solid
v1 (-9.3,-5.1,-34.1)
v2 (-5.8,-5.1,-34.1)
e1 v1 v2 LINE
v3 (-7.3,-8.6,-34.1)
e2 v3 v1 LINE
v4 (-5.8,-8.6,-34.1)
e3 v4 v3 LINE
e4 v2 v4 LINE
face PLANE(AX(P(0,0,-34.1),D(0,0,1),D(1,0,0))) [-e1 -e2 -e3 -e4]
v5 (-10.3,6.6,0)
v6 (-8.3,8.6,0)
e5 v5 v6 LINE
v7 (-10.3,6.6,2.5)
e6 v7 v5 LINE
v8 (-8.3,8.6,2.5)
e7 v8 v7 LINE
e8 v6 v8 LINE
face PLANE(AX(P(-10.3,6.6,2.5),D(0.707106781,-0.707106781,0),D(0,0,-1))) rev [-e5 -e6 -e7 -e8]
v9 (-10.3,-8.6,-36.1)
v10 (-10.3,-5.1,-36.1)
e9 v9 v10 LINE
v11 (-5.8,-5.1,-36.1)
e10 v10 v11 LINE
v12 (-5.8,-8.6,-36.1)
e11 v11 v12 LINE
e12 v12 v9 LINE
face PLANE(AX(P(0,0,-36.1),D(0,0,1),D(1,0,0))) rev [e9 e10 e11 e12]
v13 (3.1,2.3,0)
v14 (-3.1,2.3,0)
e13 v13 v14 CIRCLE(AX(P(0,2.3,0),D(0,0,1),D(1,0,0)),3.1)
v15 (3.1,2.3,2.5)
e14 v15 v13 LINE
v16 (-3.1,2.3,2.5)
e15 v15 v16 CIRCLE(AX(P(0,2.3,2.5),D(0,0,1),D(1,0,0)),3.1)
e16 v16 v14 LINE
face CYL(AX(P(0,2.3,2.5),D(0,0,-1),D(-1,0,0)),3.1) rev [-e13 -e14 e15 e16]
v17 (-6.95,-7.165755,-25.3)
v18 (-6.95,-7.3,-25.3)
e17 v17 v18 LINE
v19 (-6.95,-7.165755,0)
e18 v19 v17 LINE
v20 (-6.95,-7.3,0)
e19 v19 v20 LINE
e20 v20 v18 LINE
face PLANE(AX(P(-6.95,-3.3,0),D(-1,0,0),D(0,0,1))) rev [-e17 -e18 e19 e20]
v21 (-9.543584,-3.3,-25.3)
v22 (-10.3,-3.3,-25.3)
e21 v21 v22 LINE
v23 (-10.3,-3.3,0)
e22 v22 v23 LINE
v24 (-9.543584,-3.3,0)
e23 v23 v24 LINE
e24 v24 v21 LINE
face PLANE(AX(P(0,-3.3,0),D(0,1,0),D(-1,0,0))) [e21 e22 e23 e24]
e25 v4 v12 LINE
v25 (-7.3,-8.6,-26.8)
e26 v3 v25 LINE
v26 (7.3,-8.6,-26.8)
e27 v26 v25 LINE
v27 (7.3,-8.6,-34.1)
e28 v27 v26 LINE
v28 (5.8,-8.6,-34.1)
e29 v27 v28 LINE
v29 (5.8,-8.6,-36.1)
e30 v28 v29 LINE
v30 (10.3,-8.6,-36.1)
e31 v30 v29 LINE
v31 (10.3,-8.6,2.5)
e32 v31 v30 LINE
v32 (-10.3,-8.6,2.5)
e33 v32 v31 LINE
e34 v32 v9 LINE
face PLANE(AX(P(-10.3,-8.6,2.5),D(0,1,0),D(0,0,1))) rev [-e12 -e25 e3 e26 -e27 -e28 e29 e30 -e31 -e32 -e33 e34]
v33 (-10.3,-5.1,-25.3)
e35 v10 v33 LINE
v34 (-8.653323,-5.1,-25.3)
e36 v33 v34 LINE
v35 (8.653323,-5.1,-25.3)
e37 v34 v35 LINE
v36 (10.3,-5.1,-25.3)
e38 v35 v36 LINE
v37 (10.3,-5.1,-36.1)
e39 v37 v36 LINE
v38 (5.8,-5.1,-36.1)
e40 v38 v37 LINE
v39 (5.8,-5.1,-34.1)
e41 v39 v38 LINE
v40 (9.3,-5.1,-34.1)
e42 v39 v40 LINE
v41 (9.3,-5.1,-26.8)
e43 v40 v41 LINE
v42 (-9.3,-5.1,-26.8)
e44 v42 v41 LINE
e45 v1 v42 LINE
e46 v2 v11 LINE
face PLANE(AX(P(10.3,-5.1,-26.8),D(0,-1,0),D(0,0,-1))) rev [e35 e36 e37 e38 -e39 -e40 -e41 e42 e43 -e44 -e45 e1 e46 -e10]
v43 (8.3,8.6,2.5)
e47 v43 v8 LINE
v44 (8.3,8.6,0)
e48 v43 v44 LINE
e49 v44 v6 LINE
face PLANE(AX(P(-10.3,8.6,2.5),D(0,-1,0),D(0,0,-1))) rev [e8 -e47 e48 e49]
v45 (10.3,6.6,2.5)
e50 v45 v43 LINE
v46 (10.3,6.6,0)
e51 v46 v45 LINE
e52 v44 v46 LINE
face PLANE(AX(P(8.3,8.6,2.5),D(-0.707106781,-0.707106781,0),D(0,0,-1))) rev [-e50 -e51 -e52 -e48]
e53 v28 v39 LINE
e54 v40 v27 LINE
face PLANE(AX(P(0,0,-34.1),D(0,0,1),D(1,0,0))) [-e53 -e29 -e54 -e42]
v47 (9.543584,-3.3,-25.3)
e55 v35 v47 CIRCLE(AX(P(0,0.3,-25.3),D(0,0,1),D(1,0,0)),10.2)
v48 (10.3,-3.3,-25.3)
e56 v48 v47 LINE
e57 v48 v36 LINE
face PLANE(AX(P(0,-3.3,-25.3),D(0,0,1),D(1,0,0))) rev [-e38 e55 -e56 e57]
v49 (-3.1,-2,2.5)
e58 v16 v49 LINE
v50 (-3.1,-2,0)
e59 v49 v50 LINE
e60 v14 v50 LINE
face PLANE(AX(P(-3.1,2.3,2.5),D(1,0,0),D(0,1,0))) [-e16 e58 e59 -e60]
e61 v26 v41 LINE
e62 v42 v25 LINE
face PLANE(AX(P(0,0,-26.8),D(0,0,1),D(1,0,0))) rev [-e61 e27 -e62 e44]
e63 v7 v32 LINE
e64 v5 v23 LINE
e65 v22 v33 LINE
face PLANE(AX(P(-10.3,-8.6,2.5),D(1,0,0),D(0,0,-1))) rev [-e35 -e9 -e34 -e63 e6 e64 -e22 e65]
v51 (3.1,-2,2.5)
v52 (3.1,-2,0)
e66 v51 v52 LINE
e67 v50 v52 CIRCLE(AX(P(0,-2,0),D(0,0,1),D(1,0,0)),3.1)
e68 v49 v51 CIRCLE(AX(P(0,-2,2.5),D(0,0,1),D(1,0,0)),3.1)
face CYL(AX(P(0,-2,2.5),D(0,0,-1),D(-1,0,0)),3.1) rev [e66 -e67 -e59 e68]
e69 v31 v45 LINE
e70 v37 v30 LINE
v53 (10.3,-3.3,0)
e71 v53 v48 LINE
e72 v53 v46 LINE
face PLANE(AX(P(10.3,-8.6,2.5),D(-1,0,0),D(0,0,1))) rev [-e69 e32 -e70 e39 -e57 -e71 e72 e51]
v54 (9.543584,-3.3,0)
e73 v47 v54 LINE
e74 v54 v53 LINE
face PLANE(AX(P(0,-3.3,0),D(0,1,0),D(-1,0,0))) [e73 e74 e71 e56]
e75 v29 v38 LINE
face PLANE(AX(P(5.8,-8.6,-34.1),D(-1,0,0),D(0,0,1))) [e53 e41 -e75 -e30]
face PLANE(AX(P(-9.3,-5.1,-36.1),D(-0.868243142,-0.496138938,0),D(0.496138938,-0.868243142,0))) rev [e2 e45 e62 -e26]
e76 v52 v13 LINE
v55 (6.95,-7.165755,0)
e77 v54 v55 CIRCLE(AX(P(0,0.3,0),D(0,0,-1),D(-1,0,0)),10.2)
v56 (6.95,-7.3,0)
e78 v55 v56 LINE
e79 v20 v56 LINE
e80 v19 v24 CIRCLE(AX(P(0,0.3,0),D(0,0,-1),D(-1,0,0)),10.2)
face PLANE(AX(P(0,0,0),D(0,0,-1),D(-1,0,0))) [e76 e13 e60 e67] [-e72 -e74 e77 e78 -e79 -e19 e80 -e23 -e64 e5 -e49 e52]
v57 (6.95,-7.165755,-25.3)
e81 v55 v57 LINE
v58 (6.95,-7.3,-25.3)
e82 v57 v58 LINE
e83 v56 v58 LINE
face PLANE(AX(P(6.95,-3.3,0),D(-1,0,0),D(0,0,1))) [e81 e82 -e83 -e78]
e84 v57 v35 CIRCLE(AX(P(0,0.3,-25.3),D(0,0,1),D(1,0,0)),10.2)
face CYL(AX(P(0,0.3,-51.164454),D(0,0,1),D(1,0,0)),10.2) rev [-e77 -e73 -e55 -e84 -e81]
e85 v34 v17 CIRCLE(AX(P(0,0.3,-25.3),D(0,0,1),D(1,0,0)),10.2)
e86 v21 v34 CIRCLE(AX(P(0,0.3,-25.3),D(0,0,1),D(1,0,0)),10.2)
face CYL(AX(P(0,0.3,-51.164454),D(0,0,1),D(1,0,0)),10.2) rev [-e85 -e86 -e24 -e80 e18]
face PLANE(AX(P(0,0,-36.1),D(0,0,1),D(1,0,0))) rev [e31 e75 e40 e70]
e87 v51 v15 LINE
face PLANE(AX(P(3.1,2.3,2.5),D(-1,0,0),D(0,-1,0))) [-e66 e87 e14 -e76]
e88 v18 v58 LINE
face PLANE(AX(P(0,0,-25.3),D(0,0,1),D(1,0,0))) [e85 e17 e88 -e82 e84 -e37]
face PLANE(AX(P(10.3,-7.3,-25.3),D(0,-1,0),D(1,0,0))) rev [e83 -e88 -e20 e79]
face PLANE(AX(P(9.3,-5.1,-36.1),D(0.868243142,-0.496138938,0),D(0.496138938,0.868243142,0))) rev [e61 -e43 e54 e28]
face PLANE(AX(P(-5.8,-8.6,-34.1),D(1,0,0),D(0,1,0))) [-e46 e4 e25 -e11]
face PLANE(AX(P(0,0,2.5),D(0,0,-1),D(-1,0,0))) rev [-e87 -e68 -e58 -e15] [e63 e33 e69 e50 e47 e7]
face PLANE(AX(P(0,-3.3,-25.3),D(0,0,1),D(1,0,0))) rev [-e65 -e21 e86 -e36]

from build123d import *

# Parameters (mm, degrees)
SKETCH1_W           = 20.6
SKETCH1_H           = 17.2
BOSS_EXTRUDE1_DEPTH = 2.5
SKETCH2_W           = 20.6
SKETCH2_H           = 1.3
BOSS_EXTRUDE2_DEPTH = 25.3
SKETCH3_W           = 20.6
SKETCH3_H           = 3.5
BOSS_EXTRUDE3_DEPTH = 1.5
SKETCH4_W           = 3.35
SKETCH4_H           = 25.3
BOSS_EXTRUDE4_DEPTH = 4
CUT_EXTRUDE2_START  = 25.3
CUT_EXTRUDE2_DEPTH  = 25.3
CHAMFER1_SIZE       = 2
BOSS_EXTRUDE5_DEPTH = 9.3
SKETCH7_W           = 4.5
SKETCH7_H           = 3.5
BOSS_EXTRUDE6_DEPTH = 2


with BuildPart() as part:
    # Sketch1 → Boss-Extrude1 (new body)
    with BuildSketch(Plane.XY):
        Rectangle(SKETCH1_W, SKETCH1_H)
        with BuildLine():
            Line((3.1, 2.3), (3.1, -2))
            ThreePointArc((3.1, -2), (0, -5.1), (-3.1, -2))
            Line((-3.1, -2), (-3.1, 2.3))
            ThreePointArc((-3.1, 2.3), (0, 5.4), (3.1, 2.3))
        make_face(mode=Mode.SUBTRACT)
    extrude(amount=BOSS_EXTRUDE1_DEPTH)

    # Sketch2 → Boss-Extrude2 (add)
    with BuildSketch(Plane(origin=(0, 0, 0), x_dir=(-1, 0, 0), z_dir=(0, 0, -1))):
        with Locations((0, -7.95)):
            Rectangle(SKETCH2_W, SKETCH2_H)
    extrude(amount=BOSS_EXTRUDE2_DEPTH)

    # Sketch3 → Boss-Extrude3 (add)
    with BuildSketch(Plane(origin=(0, 0, -25.3), x_dir=(-1, 0, 0), z_dir=(0, 0, -1))):
        with Locations((0, -6.85)):
            Rectangle(SKETCH3_W, SKETCH3_H)
    extrude(amount=BOSS_EXTRUDE3_DEPTH)

    # Sketch4 → Boss-Extrude4 (add)
    with BuildSketch(Plane(origin=(0, -7.3, 0), x_dir=(1, 0, 0), z_dir=(0, 1, 0))):
        with Locations((-8.625, 12.65)):
            Rectangle(SKETCH4_W, SKETCH4_H)
        with Locations((8.625, 12.65)):
            Rectangle(SKETCH4_W, SKETCH4_H)
    extrude(amount=BOSS_EXTRUDE4_DEPTH)

    # Sketch5 → Cut-Extrude2 (cut)
    # profile 1 of 3: a face of its own
    with BuildSketch(Plane(origin=(0, 0, 0), x_dir=(-1, 0, 0), z_dir=(0, 0, -1)).offset(CUT_EXTRUDE2_START)):
        with BuildLine():
            Line((-6.802940541, -7.3), (6.802940541, -7.3))
            ThreePointArc((6.802940541, -7.3), (6.876797859, -7.233236436), (6.95, -7.165755153))
            Line((6.95, -7.165755153), (6.95, -3.3))
            Line((6.95, -3.3), (9.543584232, -3.3))
            ThreePointArc((9.543584232, -3.3), (10.034554279, -1.529677681), (10.2, 0.3))
            ThreePointArc((10.2, 0.3), (9.069541999, 4.967269858), (5.928743543, 8.6))
            Line((5.928743543, 8.6), (-5.928743543, 8.6))
            ThreePointArc((-5.928743543, 8.6), (-9.759648134, 3.264670016), (-9.543584232, -3.3))
            Line((-9.543584232, -3.3), (-6.95, -3.3))
            Line((-6.95, -3.3), (-6.95, -7.165755153))
            ThreePointArc((-6.95, -7.165755153), (-6.876797859, -7.233236436), (-6.802940541, -7.3))
        make_face()
        with BuildLine():
            ThreePointArc((3.1, -2), (0, -5.1), (-3.1, -2))
            Line((-3.1, -2), (-3.1, 2.3))
            ThreePointArc((-3.1, 2.3), (0, 5.4), (3.1, 2.3))
            Line((3.1, 2.3), (3.1, -2))
        make_face(mode=Mode.SUBTRACT)
    # profile 2 of 3: a face of its own
    with BuildSketch(Plane(origin=(0, 0, 0), x_dir=(-1, 0, 0), z_dir=(0, 0, -1)).offset(CUT_EXTRUDE2_START)):
        with BuildLine():
            Line((6.95, -3.3), (6.95, -7.165755153))
            ThreePointArc((6.95, -7.165755153), (8.470277205, -5.382816561), (9.543584232, -3.3))
            Line((9.543584232, -3.3), (6.95, -3.3))
        make_face()
    # profile 3 of 3: a face of its own
    with BuildSketch(Plane(origin=(0, 0, 0), x_dir=(-1, 0, 0), z_dir=(0, 0, -1)).offset(CUT_EXTRUDE2_START)):
        with BuildLine():
            ThreePointArc((-9.543584232, -3.3), (-8.470277205, -5.382816561), (-6.95, -7.165755153))
            Line((-6.95, -7.165755153), (-6.95, -3.3))
            Line((-6.95, -3.3), (-9.543584232, -3.3))
        make_face()
    extrude(amount=-CUT_EXTRUDE2_DEPTH, mode=Mode.SUBTRACT)

    # Chamfer1
    chamfer1_edges = [part.edges().sort_by_distance(p)[0] for p in [
        (-10.3, 8.6, 1.25),
        (10.3, 8.6, 1.25),
    ]]
    chamfer(chamfer1_edges, length=CHAMFER1_SIZE)

    # Sketch6 → Boss-Extrude5 (add)
    with BuildSketch(Plane(origin=(0, 0, -26.8), x_dir=(-1, 0, 0), z_dir=(0, 0, -1))):
        Polygon((-7.3, -8.6), (-10.3, -8.6), (-10.3, -5.1), (-9.3, -5.1), align=None)
        Polygon((9.3, -5.1), (7.3, -8.6), (10.3, -8.6), (10.3, -5.1), align=None)
    extrude(amount=BOSS_EXTRUDE5_DEPTH)

    # Sketch7 → Boss-Extrude6 (add)
    with BuildSketch(Plane(origin=(0, 0, -36.1), x_dir=(-1, 0, 0), z_dir=(0, 0, -1))):
        with Locations((-8.05, -6.85)):
            Rectangle(SKETCH7_W, SKETCH7_H)
        with Locations((8.05, -6.85)):
            Rectangle(SKETCH7_W, SKETCH7_H)
    extrude(amount=-BOSS_EXTRUDE6_DEPTH)


solid = part.part
